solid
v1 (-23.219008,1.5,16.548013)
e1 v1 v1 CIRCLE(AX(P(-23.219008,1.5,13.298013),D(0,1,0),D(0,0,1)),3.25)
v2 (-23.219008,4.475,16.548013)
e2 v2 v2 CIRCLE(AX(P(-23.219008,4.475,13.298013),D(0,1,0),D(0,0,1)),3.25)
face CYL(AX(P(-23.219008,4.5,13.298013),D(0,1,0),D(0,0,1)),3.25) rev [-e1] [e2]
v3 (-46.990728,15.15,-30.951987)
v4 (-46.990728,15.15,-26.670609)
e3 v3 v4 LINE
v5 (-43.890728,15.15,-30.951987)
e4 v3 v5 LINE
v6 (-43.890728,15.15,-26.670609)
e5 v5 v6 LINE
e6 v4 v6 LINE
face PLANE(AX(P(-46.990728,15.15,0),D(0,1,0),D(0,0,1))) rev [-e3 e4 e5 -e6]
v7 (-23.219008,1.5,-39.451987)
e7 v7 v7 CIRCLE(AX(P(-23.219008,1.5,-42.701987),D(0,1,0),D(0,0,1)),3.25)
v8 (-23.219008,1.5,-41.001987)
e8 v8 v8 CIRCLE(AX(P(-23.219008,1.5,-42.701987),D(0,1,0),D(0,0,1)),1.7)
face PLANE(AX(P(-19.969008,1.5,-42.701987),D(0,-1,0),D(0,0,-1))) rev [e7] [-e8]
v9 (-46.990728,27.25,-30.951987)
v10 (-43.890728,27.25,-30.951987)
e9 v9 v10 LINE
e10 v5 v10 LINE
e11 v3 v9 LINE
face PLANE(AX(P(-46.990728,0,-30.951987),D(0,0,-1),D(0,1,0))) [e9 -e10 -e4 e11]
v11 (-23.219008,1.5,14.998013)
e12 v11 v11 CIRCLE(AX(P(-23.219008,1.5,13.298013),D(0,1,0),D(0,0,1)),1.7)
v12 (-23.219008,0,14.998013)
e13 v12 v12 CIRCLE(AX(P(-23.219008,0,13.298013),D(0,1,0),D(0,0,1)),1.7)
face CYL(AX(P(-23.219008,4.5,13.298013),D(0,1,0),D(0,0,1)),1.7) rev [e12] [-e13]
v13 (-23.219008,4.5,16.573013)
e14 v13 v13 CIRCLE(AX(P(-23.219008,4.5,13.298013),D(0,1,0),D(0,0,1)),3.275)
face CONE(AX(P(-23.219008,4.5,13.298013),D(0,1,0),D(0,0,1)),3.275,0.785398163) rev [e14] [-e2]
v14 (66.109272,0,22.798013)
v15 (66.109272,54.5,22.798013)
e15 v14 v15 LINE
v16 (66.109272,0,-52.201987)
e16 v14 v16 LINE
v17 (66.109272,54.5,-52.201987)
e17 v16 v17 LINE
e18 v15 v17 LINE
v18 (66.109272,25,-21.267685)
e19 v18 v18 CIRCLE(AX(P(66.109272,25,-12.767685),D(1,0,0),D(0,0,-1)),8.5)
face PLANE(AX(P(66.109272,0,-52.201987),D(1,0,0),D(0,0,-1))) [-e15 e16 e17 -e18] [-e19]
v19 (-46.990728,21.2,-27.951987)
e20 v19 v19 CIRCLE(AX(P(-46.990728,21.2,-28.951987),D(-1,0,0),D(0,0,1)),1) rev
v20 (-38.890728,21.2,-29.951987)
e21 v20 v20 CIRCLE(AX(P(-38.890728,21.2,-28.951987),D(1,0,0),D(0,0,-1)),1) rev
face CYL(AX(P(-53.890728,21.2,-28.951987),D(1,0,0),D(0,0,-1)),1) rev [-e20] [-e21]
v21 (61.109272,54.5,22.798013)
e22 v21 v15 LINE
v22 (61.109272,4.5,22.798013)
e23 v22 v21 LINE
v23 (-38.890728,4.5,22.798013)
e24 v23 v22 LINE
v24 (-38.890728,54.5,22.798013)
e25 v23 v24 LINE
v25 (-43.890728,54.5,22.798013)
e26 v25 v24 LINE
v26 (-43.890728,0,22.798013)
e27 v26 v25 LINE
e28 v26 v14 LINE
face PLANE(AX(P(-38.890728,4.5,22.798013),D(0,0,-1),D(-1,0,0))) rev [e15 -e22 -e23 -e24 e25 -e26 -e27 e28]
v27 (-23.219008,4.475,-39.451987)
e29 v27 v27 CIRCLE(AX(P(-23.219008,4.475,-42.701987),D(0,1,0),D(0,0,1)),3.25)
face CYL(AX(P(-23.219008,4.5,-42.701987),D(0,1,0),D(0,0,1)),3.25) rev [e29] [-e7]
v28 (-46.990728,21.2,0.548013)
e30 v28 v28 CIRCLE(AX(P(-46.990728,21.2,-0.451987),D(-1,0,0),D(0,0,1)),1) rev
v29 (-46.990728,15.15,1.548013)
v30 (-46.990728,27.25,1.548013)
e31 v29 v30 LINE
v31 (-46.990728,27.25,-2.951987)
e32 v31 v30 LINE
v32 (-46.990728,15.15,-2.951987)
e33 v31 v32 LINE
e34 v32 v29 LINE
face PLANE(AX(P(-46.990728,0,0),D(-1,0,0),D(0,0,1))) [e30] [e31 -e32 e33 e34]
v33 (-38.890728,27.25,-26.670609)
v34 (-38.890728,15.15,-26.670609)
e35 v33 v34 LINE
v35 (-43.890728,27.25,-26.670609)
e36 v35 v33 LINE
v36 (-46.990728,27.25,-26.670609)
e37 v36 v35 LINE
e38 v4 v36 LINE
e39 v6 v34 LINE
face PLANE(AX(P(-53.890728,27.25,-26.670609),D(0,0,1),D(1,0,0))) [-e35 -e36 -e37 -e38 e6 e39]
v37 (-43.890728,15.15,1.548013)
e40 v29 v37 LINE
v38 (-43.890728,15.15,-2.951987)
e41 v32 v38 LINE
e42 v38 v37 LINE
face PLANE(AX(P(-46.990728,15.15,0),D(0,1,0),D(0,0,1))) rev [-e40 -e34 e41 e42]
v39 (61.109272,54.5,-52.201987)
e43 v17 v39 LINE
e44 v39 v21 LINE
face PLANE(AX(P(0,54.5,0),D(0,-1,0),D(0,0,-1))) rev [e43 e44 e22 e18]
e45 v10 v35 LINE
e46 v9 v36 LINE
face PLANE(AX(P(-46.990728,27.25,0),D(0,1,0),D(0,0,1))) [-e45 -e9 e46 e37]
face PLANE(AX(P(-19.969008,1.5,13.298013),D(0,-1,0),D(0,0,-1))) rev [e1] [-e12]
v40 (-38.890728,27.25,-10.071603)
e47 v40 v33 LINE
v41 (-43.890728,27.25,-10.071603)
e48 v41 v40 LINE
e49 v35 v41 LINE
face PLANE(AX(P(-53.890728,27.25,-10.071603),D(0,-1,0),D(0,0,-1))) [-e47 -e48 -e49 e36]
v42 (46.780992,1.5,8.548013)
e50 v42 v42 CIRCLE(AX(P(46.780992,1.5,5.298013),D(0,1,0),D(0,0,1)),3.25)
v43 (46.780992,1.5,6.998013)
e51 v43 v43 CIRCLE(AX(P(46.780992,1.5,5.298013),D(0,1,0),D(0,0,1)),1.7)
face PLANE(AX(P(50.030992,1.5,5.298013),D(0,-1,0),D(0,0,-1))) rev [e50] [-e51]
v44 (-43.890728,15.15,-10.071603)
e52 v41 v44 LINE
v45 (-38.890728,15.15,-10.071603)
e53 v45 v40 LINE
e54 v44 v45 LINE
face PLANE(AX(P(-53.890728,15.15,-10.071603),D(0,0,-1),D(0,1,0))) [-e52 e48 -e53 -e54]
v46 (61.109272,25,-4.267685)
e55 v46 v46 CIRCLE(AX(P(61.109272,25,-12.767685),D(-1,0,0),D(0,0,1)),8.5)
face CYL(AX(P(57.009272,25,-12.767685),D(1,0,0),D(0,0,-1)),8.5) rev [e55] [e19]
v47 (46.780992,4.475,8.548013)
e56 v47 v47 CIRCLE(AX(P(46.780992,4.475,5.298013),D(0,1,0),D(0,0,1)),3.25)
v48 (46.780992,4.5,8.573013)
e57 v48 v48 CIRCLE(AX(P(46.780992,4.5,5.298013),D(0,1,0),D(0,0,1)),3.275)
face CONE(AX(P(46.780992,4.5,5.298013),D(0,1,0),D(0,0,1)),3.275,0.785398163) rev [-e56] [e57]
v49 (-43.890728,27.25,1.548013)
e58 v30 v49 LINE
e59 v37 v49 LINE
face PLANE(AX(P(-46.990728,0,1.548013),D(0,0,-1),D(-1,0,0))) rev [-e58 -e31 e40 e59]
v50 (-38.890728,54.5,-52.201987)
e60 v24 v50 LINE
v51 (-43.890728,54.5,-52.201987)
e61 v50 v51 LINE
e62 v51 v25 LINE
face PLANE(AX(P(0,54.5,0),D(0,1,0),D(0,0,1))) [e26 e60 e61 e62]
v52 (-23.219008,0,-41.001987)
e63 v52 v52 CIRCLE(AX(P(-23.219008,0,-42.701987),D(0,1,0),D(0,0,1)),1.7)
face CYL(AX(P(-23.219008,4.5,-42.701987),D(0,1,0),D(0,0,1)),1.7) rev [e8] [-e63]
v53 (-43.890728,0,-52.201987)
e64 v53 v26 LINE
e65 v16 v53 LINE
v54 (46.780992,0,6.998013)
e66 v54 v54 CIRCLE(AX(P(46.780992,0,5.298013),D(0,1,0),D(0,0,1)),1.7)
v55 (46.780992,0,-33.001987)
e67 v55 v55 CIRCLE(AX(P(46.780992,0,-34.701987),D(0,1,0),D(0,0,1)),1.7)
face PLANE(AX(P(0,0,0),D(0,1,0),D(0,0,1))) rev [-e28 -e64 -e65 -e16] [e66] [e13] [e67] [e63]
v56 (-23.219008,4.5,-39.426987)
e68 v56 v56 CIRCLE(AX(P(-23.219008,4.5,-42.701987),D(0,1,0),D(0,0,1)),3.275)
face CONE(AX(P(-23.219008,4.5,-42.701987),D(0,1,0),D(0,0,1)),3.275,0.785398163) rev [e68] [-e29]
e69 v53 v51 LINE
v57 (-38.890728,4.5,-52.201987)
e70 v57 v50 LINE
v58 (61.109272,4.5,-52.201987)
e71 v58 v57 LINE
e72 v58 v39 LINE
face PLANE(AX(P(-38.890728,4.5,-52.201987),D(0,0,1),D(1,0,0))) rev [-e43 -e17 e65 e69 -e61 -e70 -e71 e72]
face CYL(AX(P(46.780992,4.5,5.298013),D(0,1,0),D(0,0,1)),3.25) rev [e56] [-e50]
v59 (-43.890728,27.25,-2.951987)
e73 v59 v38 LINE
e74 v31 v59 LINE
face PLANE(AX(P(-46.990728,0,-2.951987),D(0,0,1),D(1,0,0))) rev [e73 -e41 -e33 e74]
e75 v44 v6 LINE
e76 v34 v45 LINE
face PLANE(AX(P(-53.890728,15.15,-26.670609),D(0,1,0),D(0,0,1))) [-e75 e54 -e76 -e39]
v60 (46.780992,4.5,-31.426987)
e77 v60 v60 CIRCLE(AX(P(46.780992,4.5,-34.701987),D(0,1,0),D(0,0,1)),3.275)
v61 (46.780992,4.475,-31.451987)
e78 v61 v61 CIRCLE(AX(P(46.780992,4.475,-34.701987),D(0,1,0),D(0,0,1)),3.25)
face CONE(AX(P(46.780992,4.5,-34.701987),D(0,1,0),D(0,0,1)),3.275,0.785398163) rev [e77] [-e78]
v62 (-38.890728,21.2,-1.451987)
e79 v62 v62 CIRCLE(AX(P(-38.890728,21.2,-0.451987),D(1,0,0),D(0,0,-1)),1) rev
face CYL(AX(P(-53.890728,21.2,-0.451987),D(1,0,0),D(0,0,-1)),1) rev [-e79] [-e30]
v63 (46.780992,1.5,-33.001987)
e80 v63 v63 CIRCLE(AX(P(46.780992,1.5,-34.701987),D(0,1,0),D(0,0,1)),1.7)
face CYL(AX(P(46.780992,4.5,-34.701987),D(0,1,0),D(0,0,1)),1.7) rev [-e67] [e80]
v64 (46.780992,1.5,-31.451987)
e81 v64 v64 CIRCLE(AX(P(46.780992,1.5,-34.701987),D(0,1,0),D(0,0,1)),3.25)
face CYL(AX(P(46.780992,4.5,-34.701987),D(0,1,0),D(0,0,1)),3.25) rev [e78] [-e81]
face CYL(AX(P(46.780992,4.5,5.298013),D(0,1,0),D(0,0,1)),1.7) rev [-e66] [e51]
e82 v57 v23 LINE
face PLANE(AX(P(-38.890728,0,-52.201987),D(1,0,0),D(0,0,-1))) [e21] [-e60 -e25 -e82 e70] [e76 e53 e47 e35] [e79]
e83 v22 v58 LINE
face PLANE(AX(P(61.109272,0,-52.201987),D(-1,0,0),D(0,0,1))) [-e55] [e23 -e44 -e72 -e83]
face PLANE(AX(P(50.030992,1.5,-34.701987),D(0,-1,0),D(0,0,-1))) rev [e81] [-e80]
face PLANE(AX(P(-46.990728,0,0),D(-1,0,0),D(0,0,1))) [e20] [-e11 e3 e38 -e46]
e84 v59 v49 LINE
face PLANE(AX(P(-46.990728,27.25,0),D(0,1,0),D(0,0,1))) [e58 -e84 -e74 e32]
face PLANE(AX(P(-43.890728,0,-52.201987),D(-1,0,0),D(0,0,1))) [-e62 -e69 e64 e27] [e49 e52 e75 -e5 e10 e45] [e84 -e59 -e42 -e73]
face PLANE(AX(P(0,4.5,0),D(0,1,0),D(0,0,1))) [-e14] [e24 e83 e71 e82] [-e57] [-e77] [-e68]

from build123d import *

# Parameters (mm, degrees)
SKETCH1_W                                      = 100
SKETCH1_H                                      = 75
BOSS_EXTRUDE1_DEPTH                            = 4.5
CBORE_FOR_M3_SOCKET_HEAD_CAP_SCREW1_AT_2_COUNT = 2
CBORE_FOR_M3_SOCKET_HEAD_CAP_SCREW1_AT_2_PITCH = 56
CBORE_FOR_M3_SOCKET_HEAD_CAP_SCREW1_AT_3_COUNT = 2
CBORE_FOR_M3_SOCKET_HEAD_CAP_SCREW1_AT_3_PITCH = 84.876380696
CBORE_FOR_M3_SOCKET_HEAD_CAP_SCREW1_AT_4_COUNT = 2
CBORE_FOR_M3_SOCKET_HEAD_CAP_SCREW1_AT_4_PITCH = 70.455659815
SKETCH5_W                                      = 5
SKETCH5_H                                      = 75
BOSS_EXTRUDE2_DEPTH                            = 50
BOSS_EXTRUDE2_DEPTH_BACK                       = 4.5
SKETCH7_W                                      = 4.5
SKETCH7_H                                      = 12.1
BOSS_EXTRUDE3_DEPTH                            = 3.1
SKETCH6_R                                      = 1
SKETCH6_W                                      = 16.599006094
SKETCH6_H                                      = 12.1
CUT_EXTRUDE1_DEPTH                             = 10
CUT_EXTRUDE1_DEPTH_BACK                        = 9.1
SKETCH8_R                                      = 8.5
CUT_EXTRUDE2_DEPTH                             = 9.1


with BuildPart() as part:
    # Sketch1 → Boss-Extrude1 (new body)
    with BuildSketch(Plane(origin=(0, 0, 0), x_dir=(1, 0, 0), z_dir=(0, 1, 0))):
        with Locations((11.109271523, 14.701986755)):
            Rectangle(SKETCH1_W, SKETCH1_H)
    extrude(amount=BOSS_EXTRUDE1_DEPTH)

    # Sketch4 → CBORE for M3 Socket Head Cap Screw1 (revolve, cut)
    with BuildSketch(Plane(origin=(-23.219008058, 4.5, -42.701986755), x_dir=(0, 0, 1), z_dir=(1, 0, 0))):
        Polygon((0, 0), (0, 4.5), (1.7, 4.5), (1.7, 3), (3.25, 3), (3.25, 0.025), (3.275, 0), align=None)
    cbore_for_m3_socket_head_cap_screw1 = revolve(axis=Axis((-23.219008058, 10.85, -42.701986755), (0, -1, 0)), mode=Mode.SUBTRACT)

    # CBORE for M3 Socket Head Cap Screw1 at 2: CBORE for M3 Socket Head Cap Screw1 ×2
    with Locations(*[(0, 0, i * CBORE_FOR_M3_SOCKET_HEAD_CAP_SCREW1_AT_2_PITCH) for i in range(1, CBORE_FOR_M3_SOCKET_HEAD_CAP_SCREW1_AT_2_COUNT)]):
        add(cbore_for_m3_socket_head_cap_screw1, mode=Mode.SUBTRACT)

    # CBORE for M3 Socket Head Cap Screw1 at 3: CBORE for M3 Socket Head Cap Screw1 ×2
    with Locations(*[Vector(0.824728852, 0, 0.565528356) * (i * CBORE_FOR_M3_SOCKET_HEAD_CAP_SCREW1_AT_3_PITCH) for i in range(1, CBORE_FOR_M3_SOCKET_HEAD_CAP_SCREW1_AT_3_COUNT)]):
        add(cbore_for_m3_socket_head_cap_screw1, mode=Mode.SUBTRACT)

    # CBORE for M3 Socket Head Cap Screw1 at 4: CBORE for M3 Socket Head Cap Screw1 ×2
    with Locations(*[Vector(0.993532673, 0, 0.113546591) * (i * CBORE_FOR_M3_SOCKET_HEAD_CAP_SCREW1_AT_4_PITCH) for i in range(1, CBORE_FOR_M3_SOCKET_HEAD_CAP_SCREW1_AT_4_COUNT)]):
        add(cbore_for_m3_socket_head_cap_screw1, mode=Mode.SUBTRACT)

    # Sketch5 → Boss-Extrude2 (add, two sides)
    with BuildSketch(Plane(origin=(0, 4.5, 0), x_dir=(1, 0, 0), z_dir=(0, 1, 0))) as boss_extrude2_sk:
        with Locations((-41.390728477, 14.701986755)):
            Rectangle(SKETCH5_W, SKETCH5_H)
        with Locations((63.609271523, 14.701986755)):
            Rectangle(SKETCH5_W, SKETCH5_H)
    extrude(amount=BOSS_EXTRUDE2_DEPTH)
    extrude(boss_extrude2_sk.sketch, amount=-BOSS_EXTRUDE2_DEPTH_BACK)

    # Sketch7 → Boss-Extrude3 (add)
    with BuildSketch(Plane.ZY.offset(43.890728477)):
        with Locations((-28.701986755, 21.2)):
            Rectangle(SKETCH7_W, SKETCH7_H)
        with Locations((-0.701986755, 21.2)):
            Rectangle(SKETCH7_W, SKETCH7_H)
    extrude(amount=BOSS_EXTRUDE3_DEPTH)

    # Sketch6 → Cut-Extrude1 (cut, two sides)
    with BuildSketch(Plane.ZY.offset(43.890728477)) as cut_extrude1_sk:
        with Locations((-28.951986755, 21.2)):
            Circle(SKETCH6_R)
        with Locations((-0.451986755, 21.2)):
            Circle(SKETCH6_R)
        with Locations((-18.371105673, 21.2)):
            Rectangle(SKETCH6_W, SKETCH6_H)
    extrude(amount=CUT_EXTRUDE1_DEPTH, mode=Mode.SUBTRACT)
    extrude(cut_extrude1_sk.sketch, amount=-CUT_EXTRUDE1_DEPTH_BACK, mode=Mode.SUBTRACT)

    # Sketch8 → Cut-Extrude2 (cut)
    with BuildSketch(Plane(origin=(66.109271523, 0, 0), x_dir=(0, 0, -1), z_dir=(1, 0, 0))):
        with Locations((12.767684718, 25)):
            Circle(SKETCH8_R)
    extrude(amount=-CUT_EXTRUDE2_DEPTH, mode=Mode.SUBTRACT)


solid = part.part
